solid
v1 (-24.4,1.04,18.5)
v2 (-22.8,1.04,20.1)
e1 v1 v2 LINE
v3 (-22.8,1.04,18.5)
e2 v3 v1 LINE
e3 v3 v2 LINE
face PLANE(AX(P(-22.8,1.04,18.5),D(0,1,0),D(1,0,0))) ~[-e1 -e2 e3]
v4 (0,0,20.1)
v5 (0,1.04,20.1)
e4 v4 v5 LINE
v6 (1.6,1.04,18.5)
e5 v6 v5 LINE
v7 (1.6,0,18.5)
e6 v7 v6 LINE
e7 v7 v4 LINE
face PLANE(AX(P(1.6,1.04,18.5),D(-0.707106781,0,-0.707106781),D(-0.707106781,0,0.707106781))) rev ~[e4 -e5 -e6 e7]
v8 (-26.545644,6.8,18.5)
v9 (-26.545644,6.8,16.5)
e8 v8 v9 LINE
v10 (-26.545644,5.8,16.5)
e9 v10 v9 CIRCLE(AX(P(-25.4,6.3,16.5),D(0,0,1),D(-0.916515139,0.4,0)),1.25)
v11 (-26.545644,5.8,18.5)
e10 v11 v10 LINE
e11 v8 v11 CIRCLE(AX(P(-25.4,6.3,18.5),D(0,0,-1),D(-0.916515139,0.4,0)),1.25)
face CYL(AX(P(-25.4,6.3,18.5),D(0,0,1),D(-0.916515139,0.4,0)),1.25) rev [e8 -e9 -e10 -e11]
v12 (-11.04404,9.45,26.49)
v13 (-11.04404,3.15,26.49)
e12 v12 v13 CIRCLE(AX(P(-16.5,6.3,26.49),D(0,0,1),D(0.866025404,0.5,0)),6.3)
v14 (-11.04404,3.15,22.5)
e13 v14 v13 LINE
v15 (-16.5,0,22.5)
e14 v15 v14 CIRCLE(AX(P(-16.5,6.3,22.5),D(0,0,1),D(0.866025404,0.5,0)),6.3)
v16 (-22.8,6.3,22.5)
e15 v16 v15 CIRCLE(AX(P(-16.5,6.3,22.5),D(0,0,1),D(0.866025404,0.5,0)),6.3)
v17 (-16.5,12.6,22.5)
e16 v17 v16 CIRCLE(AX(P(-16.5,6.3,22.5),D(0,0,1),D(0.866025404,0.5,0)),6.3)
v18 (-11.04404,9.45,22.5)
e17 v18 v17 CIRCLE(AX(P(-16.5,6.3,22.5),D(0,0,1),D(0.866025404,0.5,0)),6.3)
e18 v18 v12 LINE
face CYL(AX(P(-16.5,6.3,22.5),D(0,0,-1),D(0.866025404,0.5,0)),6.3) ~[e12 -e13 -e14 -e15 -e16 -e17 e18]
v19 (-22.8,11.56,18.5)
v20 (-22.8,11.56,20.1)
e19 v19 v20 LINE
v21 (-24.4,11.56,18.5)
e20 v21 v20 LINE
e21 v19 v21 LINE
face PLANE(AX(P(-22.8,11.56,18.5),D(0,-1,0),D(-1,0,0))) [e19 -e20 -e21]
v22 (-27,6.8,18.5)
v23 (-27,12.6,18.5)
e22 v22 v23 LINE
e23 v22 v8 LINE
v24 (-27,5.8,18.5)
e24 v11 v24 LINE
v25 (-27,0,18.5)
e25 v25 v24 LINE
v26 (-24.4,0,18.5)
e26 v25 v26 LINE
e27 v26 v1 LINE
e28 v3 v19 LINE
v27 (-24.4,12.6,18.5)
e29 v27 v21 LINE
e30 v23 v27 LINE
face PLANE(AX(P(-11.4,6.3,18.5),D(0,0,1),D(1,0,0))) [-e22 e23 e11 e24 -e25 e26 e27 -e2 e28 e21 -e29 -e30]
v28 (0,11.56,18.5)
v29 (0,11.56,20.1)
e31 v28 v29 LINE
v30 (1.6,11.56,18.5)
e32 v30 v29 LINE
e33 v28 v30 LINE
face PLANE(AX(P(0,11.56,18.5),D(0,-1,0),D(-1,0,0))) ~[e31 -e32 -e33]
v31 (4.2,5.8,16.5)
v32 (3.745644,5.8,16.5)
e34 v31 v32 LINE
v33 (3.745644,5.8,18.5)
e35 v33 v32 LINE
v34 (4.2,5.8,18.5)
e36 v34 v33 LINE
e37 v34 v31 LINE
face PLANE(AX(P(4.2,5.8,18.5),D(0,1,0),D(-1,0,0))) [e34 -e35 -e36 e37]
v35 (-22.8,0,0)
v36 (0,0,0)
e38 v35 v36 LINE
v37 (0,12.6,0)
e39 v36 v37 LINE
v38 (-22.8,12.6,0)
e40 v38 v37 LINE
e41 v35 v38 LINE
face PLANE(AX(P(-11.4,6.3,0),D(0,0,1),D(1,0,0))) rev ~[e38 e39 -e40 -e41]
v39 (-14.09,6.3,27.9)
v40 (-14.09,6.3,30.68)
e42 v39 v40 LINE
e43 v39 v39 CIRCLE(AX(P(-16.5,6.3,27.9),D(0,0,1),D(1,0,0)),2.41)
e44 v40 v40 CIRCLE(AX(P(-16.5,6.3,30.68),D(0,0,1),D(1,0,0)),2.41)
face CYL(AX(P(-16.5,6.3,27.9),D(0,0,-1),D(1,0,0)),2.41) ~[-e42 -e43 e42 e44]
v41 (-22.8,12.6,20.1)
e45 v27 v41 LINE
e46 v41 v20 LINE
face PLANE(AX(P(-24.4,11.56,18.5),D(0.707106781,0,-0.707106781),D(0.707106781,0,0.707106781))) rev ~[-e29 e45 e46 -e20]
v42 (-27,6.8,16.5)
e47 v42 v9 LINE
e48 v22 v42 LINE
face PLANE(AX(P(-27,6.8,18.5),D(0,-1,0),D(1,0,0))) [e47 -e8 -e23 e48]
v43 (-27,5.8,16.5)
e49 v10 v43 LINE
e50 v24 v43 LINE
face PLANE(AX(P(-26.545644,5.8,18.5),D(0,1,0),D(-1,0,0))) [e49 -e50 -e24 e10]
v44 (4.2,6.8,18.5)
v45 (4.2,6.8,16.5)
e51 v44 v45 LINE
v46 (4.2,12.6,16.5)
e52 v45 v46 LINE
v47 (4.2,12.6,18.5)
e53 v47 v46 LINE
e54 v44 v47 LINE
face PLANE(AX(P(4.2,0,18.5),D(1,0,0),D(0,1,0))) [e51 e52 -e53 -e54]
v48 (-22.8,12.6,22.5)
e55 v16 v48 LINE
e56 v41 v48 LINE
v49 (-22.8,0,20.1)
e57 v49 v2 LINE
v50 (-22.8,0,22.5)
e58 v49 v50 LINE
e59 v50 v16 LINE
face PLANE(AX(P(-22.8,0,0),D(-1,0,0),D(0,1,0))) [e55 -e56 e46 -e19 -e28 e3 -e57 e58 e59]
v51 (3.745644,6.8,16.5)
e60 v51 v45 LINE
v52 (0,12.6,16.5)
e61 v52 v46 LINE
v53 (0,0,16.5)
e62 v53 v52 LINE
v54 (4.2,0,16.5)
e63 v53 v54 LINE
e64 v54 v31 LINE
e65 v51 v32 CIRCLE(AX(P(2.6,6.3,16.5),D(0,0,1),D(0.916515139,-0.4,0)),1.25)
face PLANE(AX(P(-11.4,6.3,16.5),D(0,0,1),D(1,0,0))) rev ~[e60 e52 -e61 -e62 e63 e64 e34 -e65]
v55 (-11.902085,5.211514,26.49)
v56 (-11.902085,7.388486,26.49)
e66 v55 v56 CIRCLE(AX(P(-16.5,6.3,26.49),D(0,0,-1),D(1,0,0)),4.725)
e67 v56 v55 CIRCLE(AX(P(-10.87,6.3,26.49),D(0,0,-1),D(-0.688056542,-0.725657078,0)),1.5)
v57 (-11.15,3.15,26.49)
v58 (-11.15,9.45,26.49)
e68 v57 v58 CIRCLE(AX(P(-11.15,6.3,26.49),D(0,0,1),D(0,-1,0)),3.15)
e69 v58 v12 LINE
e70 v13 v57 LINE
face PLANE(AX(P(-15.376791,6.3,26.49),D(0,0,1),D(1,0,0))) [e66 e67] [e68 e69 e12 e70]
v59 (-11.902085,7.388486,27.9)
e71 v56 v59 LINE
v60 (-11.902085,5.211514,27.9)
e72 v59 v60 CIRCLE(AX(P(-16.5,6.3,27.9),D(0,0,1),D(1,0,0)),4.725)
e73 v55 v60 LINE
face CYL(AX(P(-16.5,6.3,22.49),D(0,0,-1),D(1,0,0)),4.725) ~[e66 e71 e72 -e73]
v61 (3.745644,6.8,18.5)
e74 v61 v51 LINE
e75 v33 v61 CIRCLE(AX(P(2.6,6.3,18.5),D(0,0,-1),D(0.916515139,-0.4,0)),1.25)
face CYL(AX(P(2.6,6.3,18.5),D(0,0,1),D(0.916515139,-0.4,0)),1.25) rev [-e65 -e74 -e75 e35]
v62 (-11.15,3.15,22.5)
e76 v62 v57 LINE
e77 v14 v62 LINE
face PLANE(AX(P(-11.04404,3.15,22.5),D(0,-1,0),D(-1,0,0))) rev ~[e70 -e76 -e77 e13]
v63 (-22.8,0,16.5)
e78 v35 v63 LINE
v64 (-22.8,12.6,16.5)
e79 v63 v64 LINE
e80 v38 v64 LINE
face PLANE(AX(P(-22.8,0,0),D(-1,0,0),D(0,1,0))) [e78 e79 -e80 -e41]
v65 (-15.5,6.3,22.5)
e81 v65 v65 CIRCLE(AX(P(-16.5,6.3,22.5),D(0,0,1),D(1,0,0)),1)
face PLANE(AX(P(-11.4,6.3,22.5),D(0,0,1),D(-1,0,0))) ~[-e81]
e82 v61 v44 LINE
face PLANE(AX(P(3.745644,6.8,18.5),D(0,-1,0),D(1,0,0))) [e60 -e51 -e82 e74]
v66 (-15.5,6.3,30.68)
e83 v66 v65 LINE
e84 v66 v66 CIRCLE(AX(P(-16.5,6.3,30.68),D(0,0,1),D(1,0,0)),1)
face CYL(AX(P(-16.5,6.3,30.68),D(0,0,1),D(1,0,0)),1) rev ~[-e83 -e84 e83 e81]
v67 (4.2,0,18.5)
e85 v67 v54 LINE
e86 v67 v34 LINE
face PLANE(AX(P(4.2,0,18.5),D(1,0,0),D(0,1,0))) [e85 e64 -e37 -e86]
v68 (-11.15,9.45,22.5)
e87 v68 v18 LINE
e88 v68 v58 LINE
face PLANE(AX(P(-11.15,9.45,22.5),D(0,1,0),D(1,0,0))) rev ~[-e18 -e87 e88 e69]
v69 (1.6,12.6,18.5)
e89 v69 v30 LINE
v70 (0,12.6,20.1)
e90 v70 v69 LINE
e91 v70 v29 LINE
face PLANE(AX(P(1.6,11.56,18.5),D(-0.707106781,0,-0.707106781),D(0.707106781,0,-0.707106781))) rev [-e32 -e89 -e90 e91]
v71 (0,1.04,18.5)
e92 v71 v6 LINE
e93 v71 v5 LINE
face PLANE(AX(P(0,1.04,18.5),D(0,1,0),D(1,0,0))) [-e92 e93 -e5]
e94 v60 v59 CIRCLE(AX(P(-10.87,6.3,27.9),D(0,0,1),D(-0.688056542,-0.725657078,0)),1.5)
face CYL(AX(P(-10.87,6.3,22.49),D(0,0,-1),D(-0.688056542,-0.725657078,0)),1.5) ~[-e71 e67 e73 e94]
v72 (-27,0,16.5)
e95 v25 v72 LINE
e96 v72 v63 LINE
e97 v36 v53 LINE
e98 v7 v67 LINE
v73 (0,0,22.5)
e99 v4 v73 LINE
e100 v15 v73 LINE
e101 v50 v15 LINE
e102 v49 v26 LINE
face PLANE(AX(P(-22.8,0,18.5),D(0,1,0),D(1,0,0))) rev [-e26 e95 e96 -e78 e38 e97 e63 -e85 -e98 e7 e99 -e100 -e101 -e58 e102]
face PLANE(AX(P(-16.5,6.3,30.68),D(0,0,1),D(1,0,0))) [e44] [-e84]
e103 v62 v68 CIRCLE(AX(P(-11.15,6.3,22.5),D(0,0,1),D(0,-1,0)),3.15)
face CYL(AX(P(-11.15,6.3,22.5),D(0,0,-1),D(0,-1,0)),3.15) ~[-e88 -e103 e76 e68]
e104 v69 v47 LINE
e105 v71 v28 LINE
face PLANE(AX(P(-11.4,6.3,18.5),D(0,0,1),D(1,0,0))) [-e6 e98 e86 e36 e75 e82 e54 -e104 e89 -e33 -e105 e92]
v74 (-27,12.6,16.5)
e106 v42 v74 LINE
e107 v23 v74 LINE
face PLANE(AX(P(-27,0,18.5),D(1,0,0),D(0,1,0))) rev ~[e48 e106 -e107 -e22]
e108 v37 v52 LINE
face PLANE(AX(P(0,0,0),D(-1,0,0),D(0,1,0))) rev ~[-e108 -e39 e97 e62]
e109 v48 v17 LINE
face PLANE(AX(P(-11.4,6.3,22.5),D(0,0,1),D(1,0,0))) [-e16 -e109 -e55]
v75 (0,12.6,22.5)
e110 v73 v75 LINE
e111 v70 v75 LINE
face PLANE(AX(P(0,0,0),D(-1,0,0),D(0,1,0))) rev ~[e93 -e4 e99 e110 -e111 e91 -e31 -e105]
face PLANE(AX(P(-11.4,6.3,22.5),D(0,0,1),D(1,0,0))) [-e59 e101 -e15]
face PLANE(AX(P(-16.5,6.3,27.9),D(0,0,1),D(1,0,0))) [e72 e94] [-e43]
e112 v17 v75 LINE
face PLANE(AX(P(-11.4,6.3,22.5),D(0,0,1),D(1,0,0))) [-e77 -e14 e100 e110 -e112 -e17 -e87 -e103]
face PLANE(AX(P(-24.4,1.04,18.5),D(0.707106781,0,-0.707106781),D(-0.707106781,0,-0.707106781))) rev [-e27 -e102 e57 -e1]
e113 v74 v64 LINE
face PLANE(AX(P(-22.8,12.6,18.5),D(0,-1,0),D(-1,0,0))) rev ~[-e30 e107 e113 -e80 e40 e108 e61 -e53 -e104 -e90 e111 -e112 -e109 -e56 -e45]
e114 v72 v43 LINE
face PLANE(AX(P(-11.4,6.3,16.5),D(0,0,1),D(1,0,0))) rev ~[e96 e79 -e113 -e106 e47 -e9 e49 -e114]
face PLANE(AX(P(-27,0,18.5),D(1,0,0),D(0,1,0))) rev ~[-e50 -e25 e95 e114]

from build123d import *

# Parameters (mm, degrees)
ESQUISSE1_W              = 22.8
ESQUISSE1_H              = 12.6
BOSS_EXTRU_1_DEPTH       = 22.5
ESQUISSE2_W              = 31.2
ESQUISSE2_H              = 12.6
BOSS_EXTRU_2_DEPTH       = 2
ENL_V_MAT_EXTRU_1_DEPTH  = 36.0714984
BOSS_EXTRU_3_DEPTH       = 3.99
BOSS_EXTRUDE6_DEPTH      = 1.41
BOSS_EXTRUDE6_DEPTH_BACK = 4
SKETCH1_R                = 4.725
SKETCH1_R_2              = 1.5
SKETCH3_R                = 2.41
BOSS_EXTRUDE7_DEPTH      = 2.78
SKETCH4_R                = 1
CUT_EXTRUDE1_DEPTH       = 9.78
SKETCH8_W                = 1.6
SKETCH8_H                = 1.04
BOSS_EXTRUDE9_DEPTH      = 1.6
CUT_EXTRUDE3_DEPTH       = 43.472296853
MIRROR3_COPY_1_SKETCH_W  = 22.8
MIRROR3_COPY_1_SKETCH_H  = 12.6
MIRROR3_COPY_1_DEPTH     = 22.5
MIRROR3_COPY_2_SKETCH_W  = 1.6
MIRROR3_COPY_2_SKETCH_H  = 1.04
MIRROR3_COPY_2_DEPTH     = 1.6
MIRROR3_COPY_3_DEPTH     = 43.472296853


with BuildPart() as part:
    # Esquisse1 → Boss.-Extru.1 (new body)
    with BuildSketch(Plane.XY):
        with Locations((-11.4, 6.3)):
            Rectangle(ESQUISSE1_W, ESQUISSE1_H)
    boss_extru_1 = extrude(amount=BOSS_EXTRU_1_DEPTH)

    # Esquisse2 → Boss.-Extru.2 (add)
    with BuildSketch(Plane.XY.offset(18.5)):
        with Locations((-11.4, 6.3)):
            Rectangle(ESQUISSE2_W, ESQUISSE2_H)
    extrude(amount=-BOSS_EXTRU_2_DEPTH)

    # Esquisse3 → Enlèv. mat.-Extru.1 (cut, through all)
    with BuildSketch(Plane.XY.offset(18.5)):
        with BuildLine():
            Line((3.745643924, 6.8), (4.2, 6.8))
            Line((4.2, 6.8), (4.2, 5.8))
            Line((4.2, 5.8), (3.745643924, 5.8))
            ThreePointArc((3.745643924, 5.8), (1.35, 6.3), (3.745643924, 6.8))
        make_face()
        with BuildLine():
            Line((-26.545643924, 5.8), (-27, 5.8))
            Line((-27, 5.8), (-27, 6.8))
            Line((-27, 6.8), (-26.545643924, 6.8))
            ThreePointArc((-26.545643924, 6.8), (-24.15, 6.3), (-26.545643924, 5.8))
        make_face()
    extrude(amount=-ENL_V_MAT_EXTRU_1_DEPTH, mode=Mode.SUBTRACT)

    # Esquisse4 → Boss.-Extru.3 (add)
    with BuildSketch(Plane.XY.offset(22.5)):
        with BuildLine():
            Line((-11.15, 9.45), (-11.044039956, 9.45))
            ThreePointArc((-11.044039956, 9.45), (-22.8, 6.3), (-11.044039956, 3.15))
            Line((-11.044039956, 3.15), (-11.15, 3.15))
            ThreePointArc((-11.15, 3.15), (-8, 6.3), (-11.15, 9.45))
        make_face()
    extrude(amount=BOSS_EXTRU_3_DEPTH)

    # Sketch1 → Boss-Extrude6 (add, two sides: drawn at the far end of the back side and taken through both)
    with BuildSketch(Plane.XY.offset(26.49).offset(-BOSS_EXTRUDE6_DEPTH_BACK)):
        with Locations((-16.5, 6.3)):
            Circle(SKETCH1_R)
        with Locations((-10.87, 6.3)):
            Circle(SKETCH1_R_2)
    extrude(amount=BOSS_EXTRUDE6_DEPTH + BOSS_EXTRUDE6_DEPTH_BACK)

    # Sketch3 → Boss-Extrude7 (add)
    with BuildSketch(Plane.XY.offset(27.9)):
        with Locations((-16.5, 6.3)):
            Circle(SKETCH3_R)
    extrude(amount=BOSS_EXTRUDE7_DEPTH)

    # Sketch4 → Cut-Extrude1 (cut)
    with BuildSketch(Plane.XY.offset(30.68)):
        with Locations((-16.5, 6.3)):
            Circle(SKETCH4_R)
    extrude(amount=-CUT_EXTRUDE1_DEPTH, mode=Mode.SUBTRACT)

    # Sketch8 → Boss-Extrude9 (add)
    with BuildSketch(Plane.XY.offset(18.5)):
        with Locations((0.8, 0.52)):
            Rectangle(SKETCH8_W, SKETCH8_H)
    boss_extrude9 = extrude(amount=BOSS_EXTRUDE9_DEPTH)

    # Sketch9 → Cut-Extrude3 (cut, through all)
    with BuildSketch(Plane(origin=(0, 1.04, 0), x_dir=(1, 0, 0), z_dir=(0, 1, 0))):
        Polygon((1.6, -18.5), (0, -20.1), (1.6, -20.1), align=None)
    cut_extrude3 = extrude(amount=-CUT_EXTRUDE3_DEPTH, mode=Mode.SUBTRACT)

    # Mirror1: Boss.-Extru.1, Boss-Extrude9, Cut-Extrude3 across plane
    add(boss_extru_1.mirror(Plane(origin=(0, 6.3, 0), x_dir=(0, 0, 1), z_dir=(0, -1, 0))))
    add(boss_extrude9.mirror(Plane(origin=(0, 6.3, 0), x_dir=(0, 0, 1), z_dir=(0, -1, 0))))
    add(cut_extrude3.mirror(Plane(origin=(0, 6.3, 0), x_dir=(0, 0, 1), z_dir=(0, -1, 0))), mode=Mode.SUBTRACT)

    # Mirror3: Boss.-Extru.1, Boss-Extrude9, Cut-Extrude3 across plane
    add(boss_extru_1.mirror(Plane(origin=(-11.4, 0, 0), x_dir=(0, 0, 1), z_dir=(1, 0, 0))))
    add(boss_extrude9.mirror(Plane(origin=(-11.4, 0, 0), x_dir=(0, 0, 1), z_dir=(1, 0, 0))))
    add(cut_extrude3.mirror(Plane(origin=(-11.4, 0, 0), x_dir=(0, 0, 1), z_dir=(1, 0, 0))), mode=Mode.SUBTRACT)

    # Mirror3 copy 1 sketch → Mirror3 copy 1 (add)
    with BuildSketch(Plane(origin=(-22.8, 12.6, 0), x_dir=(-1, 0, 0), z_dir=(0, 0, 1))):
        with Locations((-11.4, 6.3)):
            Rectangle(MIRROR3_COPY_1_SKETCH_W, MIRROR3_COPY_1_SKETCH_H)
    extrude(amount=MIRROR3_COPY_1_DEPTH)

    # Mirror3 copy 2 sketch → Mirror3 copy 2 (add)
    with BuildSketch(Plane(origin=(-22.8, 12.6, 18.5), x_dir=(-1, 0, 0), z_dir=(0, 0, 1))):
        with Locations((0.8, 0.52)):
            Rectangle(MIRROR3_COPY_2_SKETCH_W, MIRROR3_COPY_2_SKETCH_H)
    extrude(amount=MIRROR3_COPY_2_DEPTH)

    # Mirror3 copy 3 sketch → Mirror3 copy 3 (cut, through all)
    with BuildSketch(Plane(origin=(-22.8, 11.56, 0), x_dir=(-1, 0, 0), z_dir=(0, -1, 0))):
        Polygon((1.6, -18.5), (0, -20.1), (1.6, -20.1), align=None)
    extrude(amount=-MIRROR3_COPY_3_DEPTH, mode=Mode.SUBTRACT)


solid = part.part
